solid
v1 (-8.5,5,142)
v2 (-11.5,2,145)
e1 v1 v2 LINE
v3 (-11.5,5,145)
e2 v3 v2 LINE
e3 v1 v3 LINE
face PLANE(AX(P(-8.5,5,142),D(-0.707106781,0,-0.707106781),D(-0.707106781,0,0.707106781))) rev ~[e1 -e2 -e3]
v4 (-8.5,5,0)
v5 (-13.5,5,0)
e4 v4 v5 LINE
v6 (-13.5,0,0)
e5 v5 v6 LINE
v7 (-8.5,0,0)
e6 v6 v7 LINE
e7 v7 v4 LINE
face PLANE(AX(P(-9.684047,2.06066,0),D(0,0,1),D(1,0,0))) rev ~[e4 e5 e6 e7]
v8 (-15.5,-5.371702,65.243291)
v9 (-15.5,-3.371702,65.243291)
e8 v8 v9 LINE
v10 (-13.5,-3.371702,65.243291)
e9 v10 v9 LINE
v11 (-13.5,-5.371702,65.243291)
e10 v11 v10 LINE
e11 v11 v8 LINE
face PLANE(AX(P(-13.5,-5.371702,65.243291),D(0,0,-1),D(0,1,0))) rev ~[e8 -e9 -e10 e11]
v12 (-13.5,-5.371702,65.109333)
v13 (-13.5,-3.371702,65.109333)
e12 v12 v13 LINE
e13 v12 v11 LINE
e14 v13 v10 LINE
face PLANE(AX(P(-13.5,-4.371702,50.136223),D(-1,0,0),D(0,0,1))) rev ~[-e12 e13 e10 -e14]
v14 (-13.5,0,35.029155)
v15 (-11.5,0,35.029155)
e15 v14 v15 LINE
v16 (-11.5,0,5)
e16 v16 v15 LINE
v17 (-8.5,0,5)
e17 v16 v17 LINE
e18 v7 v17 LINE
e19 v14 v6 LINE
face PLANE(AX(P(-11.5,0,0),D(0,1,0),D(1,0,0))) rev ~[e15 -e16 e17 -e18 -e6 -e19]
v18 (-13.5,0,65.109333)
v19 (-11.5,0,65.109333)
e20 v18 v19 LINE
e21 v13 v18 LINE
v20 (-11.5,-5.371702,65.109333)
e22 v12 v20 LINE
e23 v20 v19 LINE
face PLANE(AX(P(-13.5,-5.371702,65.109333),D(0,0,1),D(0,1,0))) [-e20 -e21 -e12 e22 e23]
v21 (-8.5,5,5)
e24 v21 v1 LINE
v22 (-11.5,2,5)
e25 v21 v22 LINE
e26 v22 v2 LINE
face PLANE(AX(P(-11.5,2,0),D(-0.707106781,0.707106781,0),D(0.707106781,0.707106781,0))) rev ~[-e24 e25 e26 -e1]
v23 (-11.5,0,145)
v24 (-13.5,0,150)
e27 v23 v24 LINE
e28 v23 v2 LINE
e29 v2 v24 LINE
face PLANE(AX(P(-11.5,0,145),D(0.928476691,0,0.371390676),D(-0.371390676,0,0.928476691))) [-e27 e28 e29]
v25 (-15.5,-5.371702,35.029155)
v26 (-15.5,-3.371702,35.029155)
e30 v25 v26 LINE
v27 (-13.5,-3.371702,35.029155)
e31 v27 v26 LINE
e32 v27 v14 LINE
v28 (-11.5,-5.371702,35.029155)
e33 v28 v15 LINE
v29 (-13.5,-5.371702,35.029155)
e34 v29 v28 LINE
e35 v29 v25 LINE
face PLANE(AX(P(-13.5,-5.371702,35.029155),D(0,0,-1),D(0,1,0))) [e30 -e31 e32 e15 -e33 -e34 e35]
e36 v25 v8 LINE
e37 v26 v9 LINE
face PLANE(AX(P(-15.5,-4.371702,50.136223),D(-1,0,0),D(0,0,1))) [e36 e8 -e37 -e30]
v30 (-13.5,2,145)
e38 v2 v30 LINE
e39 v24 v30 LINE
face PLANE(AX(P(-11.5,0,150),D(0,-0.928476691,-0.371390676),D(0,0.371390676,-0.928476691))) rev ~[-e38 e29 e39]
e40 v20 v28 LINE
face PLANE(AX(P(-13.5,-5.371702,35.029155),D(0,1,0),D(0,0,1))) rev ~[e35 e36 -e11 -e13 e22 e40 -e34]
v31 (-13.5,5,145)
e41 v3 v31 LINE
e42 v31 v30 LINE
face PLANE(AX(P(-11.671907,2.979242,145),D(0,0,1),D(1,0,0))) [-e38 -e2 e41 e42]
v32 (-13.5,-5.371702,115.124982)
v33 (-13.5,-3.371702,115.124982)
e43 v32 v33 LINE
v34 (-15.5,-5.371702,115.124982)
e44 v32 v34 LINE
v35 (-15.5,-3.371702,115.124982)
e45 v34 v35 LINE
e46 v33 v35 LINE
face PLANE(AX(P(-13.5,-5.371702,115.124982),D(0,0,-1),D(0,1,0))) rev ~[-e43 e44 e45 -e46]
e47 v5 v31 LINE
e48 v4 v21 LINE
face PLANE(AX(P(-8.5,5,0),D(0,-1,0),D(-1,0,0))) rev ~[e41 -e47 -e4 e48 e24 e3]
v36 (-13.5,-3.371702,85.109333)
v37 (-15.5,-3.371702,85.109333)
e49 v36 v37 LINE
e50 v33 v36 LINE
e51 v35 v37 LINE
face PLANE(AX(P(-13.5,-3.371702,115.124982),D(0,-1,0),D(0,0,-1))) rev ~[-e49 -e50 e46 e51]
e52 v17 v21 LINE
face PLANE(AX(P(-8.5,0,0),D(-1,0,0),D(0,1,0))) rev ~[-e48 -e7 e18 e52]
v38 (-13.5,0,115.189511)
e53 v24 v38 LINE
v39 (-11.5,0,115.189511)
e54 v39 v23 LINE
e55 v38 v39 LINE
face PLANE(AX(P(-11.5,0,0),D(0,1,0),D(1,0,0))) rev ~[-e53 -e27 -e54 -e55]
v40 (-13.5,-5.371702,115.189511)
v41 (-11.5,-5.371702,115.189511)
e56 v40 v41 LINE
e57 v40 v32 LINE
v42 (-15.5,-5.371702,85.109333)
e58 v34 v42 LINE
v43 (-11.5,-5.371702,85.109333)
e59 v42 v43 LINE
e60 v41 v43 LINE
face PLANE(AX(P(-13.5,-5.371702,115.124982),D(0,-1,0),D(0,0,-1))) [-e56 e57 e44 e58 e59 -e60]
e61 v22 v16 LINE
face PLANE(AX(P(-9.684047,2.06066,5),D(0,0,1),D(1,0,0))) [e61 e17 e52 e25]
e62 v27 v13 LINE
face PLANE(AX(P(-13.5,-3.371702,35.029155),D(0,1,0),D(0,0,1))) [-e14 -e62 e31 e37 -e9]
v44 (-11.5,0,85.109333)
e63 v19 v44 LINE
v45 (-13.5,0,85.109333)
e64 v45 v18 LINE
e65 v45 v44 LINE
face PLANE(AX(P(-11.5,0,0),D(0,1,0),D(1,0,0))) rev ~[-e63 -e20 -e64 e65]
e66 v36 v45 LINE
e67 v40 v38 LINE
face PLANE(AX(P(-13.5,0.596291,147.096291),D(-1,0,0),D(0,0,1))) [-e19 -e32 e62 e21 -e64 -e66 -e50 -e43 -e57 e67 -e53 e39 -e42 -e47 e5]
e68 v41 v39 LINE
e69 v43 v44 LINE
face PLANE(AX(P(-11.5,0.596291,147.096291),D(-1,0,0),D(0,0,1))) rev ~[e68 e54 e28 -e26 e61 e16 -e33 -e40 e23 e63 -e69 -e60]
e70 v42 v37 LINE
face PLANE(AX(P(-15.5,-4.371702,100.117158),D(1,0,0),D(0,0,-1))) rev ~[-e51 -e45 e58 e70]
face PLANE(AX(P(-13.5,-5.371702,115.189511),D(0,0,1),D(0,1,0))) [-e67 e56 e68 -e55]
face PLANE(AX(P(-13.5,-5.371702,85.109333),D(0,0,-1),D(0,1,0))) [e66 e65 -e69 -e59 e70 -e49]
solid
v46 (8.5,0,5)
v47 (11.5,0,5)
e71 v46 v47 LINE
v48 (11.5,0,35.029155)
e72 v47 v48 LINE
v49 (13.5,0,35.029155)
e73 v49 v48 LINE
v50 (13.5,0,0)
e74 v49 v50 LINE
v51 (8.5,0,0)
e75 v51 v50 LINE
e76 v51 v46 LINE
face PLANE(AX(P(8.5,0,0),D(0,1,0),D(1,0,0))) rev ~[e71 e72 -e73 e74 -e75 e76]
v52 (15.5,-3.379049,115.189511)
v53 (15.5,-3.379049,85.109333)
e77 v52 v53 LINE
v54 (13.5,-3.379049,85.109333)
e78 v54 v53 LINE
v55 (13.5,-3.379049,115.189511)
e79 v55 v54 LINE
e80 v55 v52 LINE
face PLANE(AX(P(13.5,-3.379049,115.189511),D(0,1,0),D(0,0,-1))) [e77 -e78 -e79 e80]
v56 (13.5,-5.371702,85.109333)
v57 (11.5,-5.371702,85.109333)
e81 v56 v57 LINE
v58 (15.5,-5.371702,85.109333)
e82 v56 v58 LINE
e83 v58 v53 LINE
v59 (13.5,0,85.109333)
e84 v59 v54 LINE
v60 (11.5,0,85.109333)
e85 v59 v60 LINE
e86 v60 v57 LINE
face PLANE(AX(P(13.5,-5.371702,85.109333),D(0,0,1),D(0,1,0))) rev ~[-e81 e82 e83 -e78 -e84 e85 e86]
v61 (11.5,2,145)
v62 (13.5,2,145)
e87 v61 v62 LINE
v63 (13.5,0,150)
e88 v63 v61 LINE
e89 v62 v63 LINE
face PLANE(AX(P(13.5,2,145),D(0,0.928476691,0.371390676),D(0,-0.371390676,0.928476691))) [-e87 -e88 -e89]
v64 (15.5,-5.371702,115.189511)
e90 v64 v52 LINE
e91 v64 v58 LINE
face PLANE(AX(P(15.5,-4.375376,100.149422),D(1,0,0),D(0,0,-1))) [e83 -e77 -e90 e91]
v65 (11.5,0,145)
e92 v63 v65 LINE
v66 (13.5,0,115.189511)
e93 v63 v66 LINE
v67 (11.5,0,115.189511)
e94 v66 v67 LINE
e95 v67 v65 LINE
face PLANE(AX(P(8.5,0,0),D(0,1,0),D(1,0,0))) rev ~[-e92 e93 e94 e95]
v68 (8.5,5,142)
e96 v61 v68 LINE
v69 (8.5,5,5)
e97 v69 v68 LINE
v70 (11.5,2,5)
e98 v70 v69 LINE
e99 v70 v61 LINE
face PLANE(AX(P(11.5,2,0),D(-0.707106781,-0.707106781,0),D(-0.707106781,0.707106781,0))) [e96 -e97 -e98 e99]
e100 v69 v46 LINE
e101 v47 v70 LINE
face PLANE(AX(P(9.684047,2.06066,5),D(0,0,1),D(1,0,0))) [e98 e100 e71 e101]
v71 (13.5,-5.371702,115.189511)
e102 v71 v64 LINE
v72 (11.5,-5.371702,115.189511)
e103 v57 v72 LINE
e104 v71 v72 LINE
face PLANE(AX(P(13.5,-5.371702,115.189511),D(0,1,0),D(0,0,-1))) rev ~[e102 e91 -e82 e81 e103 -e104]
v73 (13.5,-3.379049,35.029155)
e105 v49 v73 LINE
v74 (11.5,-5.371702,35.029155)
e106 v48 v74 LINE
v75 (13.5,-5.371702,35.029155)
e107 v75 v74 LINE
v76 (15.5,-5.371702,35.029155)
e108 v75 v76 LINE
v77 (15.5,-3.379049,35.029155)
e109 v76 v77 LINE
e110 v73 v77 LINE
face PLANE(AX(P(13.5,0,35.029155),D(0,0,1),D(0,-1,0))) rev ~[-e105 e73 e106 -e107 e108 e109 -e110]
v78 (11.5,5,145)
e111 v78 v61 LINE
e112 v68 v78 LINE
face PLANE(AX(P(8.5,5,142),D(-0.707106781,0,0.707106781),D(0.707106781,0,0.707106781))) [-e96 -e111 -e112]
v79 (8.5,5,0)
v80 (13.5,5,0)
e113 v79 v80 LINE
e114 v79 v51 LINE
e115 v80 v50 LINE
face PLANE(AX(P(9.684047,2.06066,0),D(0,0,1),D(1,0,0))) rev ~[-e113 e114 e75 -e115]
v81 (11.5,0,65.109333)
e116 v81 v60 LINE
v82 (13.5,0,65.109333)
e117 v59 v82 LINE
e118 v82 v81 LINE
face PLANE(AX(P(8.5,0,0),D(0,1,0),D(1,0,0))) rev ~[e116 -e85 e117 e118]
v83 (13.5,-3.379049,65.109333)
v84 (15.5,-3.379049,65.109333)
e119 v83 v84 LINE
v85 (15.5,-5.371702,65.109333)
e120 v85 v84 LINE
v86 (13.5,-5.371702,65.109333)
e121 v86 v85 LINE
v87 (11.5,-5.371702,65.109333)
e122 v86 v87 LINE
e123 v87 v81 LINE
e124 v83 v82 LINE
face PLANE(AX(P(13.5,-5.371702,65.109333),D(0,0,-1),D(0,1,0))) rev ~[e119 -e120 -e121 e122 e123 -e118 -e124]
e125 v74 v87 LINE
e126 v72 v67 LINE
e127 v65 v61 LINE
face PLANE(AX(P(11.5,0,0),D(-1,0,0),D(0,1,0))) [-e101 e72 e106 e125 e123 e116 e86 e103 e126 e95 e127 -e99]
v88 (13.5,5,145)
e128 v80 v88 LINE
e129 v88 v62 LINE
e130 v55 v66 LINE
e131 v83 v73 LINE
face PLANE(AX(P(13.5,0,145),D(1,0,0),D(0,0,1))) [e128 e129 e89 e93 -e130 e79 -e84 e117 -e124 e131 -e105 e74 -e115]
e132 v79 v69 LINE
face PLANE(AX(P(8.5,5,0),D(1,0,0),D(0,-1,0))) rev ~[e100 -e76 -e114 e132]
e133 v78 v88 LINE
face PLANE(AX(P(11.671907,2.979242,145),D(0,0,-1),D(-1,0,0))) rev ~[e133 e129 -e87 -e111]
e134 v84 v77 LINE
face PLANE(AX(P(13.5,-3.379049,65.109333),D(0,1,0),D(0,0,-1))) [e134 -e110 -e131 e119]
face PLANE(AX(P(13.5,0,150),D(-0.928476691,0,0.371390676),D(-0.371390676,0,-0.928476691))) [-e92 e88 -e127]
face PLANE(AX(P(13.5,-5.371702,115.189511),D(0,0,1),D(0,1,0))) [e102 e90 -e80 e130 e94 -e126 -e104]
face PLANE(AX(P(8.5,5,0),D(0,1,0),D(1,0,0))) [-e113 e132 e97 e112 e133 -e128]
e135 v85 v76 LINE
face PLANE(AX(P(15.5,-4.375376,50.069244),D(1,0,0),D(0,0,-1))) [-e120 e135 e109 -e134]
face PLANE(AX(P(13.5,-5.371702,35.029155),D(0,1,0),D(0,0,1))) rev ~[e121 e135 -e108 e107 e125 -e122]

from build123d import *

# Parameters (mm, degrees)
BOSS_EXTRUDE1_DEPTH   = 145
BOSS_EXTRUDE1_2_DEPTH = 145
CUT_EXTRUDE1_DEPTH    = 3
BOSS_EXTRUDE2_DEPTH   = 2
CUT_EXTRUDE2_DEPTH    = 2
BOSS_EXTRUDE3_DEPTH   = 5
CUT_EXTRUDE3_DEPTH    = 3
BOSS_EXTRUDE4_DEPTH   = 2
CUT_EXTRUDE4_DEPTH    = 2
BOSS_EXTRUDE5_DEPTH   = 5
SKETCH12_W            = 30.080177601
SKETCH12_H            = 5.371702136
SKETCH12_W_2          = 30.0801776
BOSS_EXTRUDE6_DEPTH   = 2
SKETCH13_W            = 30.015649286
SKETCH13_H            = 2
BOSS_EXTRUDE7_DEPTH   = 2
SKETCH15_W            = 30.0801776
SKETCH15_H            = 3.371702136
SKETCH15_H_2          = 2
SKETCH15_W_2          = 30.080177601
BOSS_EXTRUDE10_DEPTH  = 2
SKETCH16_W            = 30.0801776
SKETCH16_H            = 1.992652885
SKETCH16_W_2          = 30.080177601
BOSS_EXTRUDE11_DEPTH  = 2
SKETCH17_W            = 30.214135347
SKETCH17_H            = 2
BOSS_EXTRUDE12_DEPTH  = 2


with BuildPart() as part:
    # Sketch2 → Boss-Extrude1 (new body)
    with BuildSketch(Plane.XY):
        Polygon((-11.5, 2), (-8.5, 5), (-13.5, 5), (-13.5, 0), (-11.5, 0), align=None)
    extrude(amount=BOSS_EXTRUDE1_DEPTH)

    # Sketch4 → Cut-Extrude1 (cut)
    with BuildSketch(Plane(origin=(0, 5, 0), x_dir=(1, 0, 0), z_dir=(0, 1, 0))):
        Polygon((-8.5, -145), (-8.5, -142), (-11.5, -145), align=None)
    extrude(amount=-CUT_EXTRUDE1_DEPTH, mode=Mode.SUBTRACT)

    # Sketch5 → Boss-Extrude2 (add)
    with BuildSketch(Plane(origin=(-11.5, 0, 0), x_dir=(0, 0, -1), z_dir=(1, 0, 0))):
        Polygon((-145, 0), (-150, 0), (-145, 2), align=None)
    extrude(amount=-BOSS_EXTRUDE2_DEPTH)

    # Sketch6 → Cut-Extrude2 (cut)
    with BuildSketch(Plane.XZ):
        Polygon((-13.5, 150), (-11.5, 150), (-11.5, 145), align=None)
    extrude(amount=-CUT_EXTRUDE2_DEPTH, mode=Mode.SUBTRACT)

    # Sketch7 → Boss-Extrude3 (add)
    with BuildSketch(Plane(origin=(0, 0, 0), x_dir=(-1, 0, 0), z_dir=(0, 0, -1))):
        Polygon((8.5, 5), (11.5, 2), (11.5, 0), (8.5, 0), align=None)
    extrude(amount=-BOSS_EXTRUDE3_DEPTH)

    # Sketch12 → Boss-Extrude6 (add)
    with BuildSketch(Plane(origin=(-13.5, 0, 0), x_dir=(0, 0, -1), z_dir=(1, 0, 0))):
        with Locations((-50.069244291, -2.685851068)):
            Rectangle(SKETCH12_W, SKETCH12_H)
        with Locations((-100.149421892, -2.685851068)):
            Rectangle(SKETCH12_W_2, SKETCH12_H)
    extrude(amount=BOSS_EXTRUDE6_DEPTH)

    # Sketch13 → Boss-Extrude7 (add)
    with BuildSketch(Plane(origin=(-13.5, 0, 0), x_dir=(0, 0, -1), z_dir=(1, 0, 0))):
        with Locations((-100.117157735, -4.371702136)):
            Rectangle(SKETCH13_W, SKETCH13_H)
    extrude(amount=-BOSS_EXTRUDE7_DEPTH)

    # Sketch17 → Boss-Extrude12 (add)
    with BuildSketch(Plane.ZY.offset(13.5)):
        with Locations((50.136223165, -4.371702136)):
            Rectangle(SKETCH17_W, SKETCH17_H)
    extrude(amount=BOSS_EXTRUDE12_DEPTH)


with BuildPart() as body_2:
    # Sketch2 → Boss-Extrude1 2 (new body)
    with BuildSketch(Plane.XY):
        Polygon((11.5, 0), (11.5, 2), (8.5, 5), (13.5, 5), (13.5, 0), align=None)
    extrude(amount=BOSS_EXTRUDE1_2_DEPTH)

    # Sketch8 → Cut-Extrude3 (cut)
    with BuildSketch(Plane(origin=(0, 5, 0), x_dir=(1, 0, 0), z_dir=(0, 1, 0))):
        Polygon((8.5, -145), (8.5, -142), (11.5, -145), align=None)
    extrude(amount=-CUT_EXTRUDE3_DEPTH, mode=Mode.SUBTRACT)

    # Sketch9 → Boss-Extrude4 (add)
    with BuildSketch(Plane.XZ):
        Polygon((13.5, 145), (13.5, 150), (11.5, 145), align=None)
    extrude(amount=-BOSS_EXTRUDE4_DEPTH)

    # Sketch10 → Cut-Extrude4 (cut)
    with BuildSketch(Plane(origin=(13.5, 0, 0), x_dir=(0, 0, -1), z_dir=(1, 0, 0))):
        Polygon((-150, 2), (-145, 2), (-150, 0), align=None)
    extrude(amount=-CUT_EXTRUDE4_DEPTH, mode=Mode.SUBTRACT)

    # Sketch11 → Boss-Extrude5 (add)
    with BuildSketch(Plane(origin=(0, 0, 0), x_dir=(-1, 0, 0), z_dir=(0, 0, -1))):
        Polygon((-8.5, 5), (-8.5, 0), (-11.5, 0), (-11.5, 2), align=None)
    extrude(amount=-BOSS_EXTRUDE5_DEPTH)

    # Sketch15 → Boss-Extrude10 (add)
    with BuildSketch(Plane.ZY.offset(-13.5)):
        with Locations((100.149421892, -1.685851068)):
            Rectangle(SKETCH15_W, SKETCH15_H)
        with Locations((100.149421892, -4.371702136)):
            Rectangle(SKETCH15_W, SKETCH15_H_2)
        with Locations((50.069244291, -1.685851068)):
            Rectangle(SKETCH15_W_2, SKETCH15_H)
        with Locations((50.069244291, -4.371702136)):
            Rectangle(SKETCH15_W_2, SKETCH15_H_2)
    extrude(amount=BOSS_EXTRUDE10_DEPTH)

    # Sketch16 → Boss-Extrude11 (add)
    with BuildSketch(Plane(origin=(13.5, 0, 0), x_dir=(0, 0, -1), z_dir=(1, 0, 0))):
        with Locations((-100.149421892, -4.375375694)):
            Rectangle(SKETCH16_W, SKETCH16_H)
        with Locations((-50.069244291, -4.375375694)):
            Rectangle(SKETCH16_W_2, SKETCH16_H)
    extrude(amount=BOSS_EXTRUDE11_DEPTH)


solid = Compound([part.part, body_2.part])
